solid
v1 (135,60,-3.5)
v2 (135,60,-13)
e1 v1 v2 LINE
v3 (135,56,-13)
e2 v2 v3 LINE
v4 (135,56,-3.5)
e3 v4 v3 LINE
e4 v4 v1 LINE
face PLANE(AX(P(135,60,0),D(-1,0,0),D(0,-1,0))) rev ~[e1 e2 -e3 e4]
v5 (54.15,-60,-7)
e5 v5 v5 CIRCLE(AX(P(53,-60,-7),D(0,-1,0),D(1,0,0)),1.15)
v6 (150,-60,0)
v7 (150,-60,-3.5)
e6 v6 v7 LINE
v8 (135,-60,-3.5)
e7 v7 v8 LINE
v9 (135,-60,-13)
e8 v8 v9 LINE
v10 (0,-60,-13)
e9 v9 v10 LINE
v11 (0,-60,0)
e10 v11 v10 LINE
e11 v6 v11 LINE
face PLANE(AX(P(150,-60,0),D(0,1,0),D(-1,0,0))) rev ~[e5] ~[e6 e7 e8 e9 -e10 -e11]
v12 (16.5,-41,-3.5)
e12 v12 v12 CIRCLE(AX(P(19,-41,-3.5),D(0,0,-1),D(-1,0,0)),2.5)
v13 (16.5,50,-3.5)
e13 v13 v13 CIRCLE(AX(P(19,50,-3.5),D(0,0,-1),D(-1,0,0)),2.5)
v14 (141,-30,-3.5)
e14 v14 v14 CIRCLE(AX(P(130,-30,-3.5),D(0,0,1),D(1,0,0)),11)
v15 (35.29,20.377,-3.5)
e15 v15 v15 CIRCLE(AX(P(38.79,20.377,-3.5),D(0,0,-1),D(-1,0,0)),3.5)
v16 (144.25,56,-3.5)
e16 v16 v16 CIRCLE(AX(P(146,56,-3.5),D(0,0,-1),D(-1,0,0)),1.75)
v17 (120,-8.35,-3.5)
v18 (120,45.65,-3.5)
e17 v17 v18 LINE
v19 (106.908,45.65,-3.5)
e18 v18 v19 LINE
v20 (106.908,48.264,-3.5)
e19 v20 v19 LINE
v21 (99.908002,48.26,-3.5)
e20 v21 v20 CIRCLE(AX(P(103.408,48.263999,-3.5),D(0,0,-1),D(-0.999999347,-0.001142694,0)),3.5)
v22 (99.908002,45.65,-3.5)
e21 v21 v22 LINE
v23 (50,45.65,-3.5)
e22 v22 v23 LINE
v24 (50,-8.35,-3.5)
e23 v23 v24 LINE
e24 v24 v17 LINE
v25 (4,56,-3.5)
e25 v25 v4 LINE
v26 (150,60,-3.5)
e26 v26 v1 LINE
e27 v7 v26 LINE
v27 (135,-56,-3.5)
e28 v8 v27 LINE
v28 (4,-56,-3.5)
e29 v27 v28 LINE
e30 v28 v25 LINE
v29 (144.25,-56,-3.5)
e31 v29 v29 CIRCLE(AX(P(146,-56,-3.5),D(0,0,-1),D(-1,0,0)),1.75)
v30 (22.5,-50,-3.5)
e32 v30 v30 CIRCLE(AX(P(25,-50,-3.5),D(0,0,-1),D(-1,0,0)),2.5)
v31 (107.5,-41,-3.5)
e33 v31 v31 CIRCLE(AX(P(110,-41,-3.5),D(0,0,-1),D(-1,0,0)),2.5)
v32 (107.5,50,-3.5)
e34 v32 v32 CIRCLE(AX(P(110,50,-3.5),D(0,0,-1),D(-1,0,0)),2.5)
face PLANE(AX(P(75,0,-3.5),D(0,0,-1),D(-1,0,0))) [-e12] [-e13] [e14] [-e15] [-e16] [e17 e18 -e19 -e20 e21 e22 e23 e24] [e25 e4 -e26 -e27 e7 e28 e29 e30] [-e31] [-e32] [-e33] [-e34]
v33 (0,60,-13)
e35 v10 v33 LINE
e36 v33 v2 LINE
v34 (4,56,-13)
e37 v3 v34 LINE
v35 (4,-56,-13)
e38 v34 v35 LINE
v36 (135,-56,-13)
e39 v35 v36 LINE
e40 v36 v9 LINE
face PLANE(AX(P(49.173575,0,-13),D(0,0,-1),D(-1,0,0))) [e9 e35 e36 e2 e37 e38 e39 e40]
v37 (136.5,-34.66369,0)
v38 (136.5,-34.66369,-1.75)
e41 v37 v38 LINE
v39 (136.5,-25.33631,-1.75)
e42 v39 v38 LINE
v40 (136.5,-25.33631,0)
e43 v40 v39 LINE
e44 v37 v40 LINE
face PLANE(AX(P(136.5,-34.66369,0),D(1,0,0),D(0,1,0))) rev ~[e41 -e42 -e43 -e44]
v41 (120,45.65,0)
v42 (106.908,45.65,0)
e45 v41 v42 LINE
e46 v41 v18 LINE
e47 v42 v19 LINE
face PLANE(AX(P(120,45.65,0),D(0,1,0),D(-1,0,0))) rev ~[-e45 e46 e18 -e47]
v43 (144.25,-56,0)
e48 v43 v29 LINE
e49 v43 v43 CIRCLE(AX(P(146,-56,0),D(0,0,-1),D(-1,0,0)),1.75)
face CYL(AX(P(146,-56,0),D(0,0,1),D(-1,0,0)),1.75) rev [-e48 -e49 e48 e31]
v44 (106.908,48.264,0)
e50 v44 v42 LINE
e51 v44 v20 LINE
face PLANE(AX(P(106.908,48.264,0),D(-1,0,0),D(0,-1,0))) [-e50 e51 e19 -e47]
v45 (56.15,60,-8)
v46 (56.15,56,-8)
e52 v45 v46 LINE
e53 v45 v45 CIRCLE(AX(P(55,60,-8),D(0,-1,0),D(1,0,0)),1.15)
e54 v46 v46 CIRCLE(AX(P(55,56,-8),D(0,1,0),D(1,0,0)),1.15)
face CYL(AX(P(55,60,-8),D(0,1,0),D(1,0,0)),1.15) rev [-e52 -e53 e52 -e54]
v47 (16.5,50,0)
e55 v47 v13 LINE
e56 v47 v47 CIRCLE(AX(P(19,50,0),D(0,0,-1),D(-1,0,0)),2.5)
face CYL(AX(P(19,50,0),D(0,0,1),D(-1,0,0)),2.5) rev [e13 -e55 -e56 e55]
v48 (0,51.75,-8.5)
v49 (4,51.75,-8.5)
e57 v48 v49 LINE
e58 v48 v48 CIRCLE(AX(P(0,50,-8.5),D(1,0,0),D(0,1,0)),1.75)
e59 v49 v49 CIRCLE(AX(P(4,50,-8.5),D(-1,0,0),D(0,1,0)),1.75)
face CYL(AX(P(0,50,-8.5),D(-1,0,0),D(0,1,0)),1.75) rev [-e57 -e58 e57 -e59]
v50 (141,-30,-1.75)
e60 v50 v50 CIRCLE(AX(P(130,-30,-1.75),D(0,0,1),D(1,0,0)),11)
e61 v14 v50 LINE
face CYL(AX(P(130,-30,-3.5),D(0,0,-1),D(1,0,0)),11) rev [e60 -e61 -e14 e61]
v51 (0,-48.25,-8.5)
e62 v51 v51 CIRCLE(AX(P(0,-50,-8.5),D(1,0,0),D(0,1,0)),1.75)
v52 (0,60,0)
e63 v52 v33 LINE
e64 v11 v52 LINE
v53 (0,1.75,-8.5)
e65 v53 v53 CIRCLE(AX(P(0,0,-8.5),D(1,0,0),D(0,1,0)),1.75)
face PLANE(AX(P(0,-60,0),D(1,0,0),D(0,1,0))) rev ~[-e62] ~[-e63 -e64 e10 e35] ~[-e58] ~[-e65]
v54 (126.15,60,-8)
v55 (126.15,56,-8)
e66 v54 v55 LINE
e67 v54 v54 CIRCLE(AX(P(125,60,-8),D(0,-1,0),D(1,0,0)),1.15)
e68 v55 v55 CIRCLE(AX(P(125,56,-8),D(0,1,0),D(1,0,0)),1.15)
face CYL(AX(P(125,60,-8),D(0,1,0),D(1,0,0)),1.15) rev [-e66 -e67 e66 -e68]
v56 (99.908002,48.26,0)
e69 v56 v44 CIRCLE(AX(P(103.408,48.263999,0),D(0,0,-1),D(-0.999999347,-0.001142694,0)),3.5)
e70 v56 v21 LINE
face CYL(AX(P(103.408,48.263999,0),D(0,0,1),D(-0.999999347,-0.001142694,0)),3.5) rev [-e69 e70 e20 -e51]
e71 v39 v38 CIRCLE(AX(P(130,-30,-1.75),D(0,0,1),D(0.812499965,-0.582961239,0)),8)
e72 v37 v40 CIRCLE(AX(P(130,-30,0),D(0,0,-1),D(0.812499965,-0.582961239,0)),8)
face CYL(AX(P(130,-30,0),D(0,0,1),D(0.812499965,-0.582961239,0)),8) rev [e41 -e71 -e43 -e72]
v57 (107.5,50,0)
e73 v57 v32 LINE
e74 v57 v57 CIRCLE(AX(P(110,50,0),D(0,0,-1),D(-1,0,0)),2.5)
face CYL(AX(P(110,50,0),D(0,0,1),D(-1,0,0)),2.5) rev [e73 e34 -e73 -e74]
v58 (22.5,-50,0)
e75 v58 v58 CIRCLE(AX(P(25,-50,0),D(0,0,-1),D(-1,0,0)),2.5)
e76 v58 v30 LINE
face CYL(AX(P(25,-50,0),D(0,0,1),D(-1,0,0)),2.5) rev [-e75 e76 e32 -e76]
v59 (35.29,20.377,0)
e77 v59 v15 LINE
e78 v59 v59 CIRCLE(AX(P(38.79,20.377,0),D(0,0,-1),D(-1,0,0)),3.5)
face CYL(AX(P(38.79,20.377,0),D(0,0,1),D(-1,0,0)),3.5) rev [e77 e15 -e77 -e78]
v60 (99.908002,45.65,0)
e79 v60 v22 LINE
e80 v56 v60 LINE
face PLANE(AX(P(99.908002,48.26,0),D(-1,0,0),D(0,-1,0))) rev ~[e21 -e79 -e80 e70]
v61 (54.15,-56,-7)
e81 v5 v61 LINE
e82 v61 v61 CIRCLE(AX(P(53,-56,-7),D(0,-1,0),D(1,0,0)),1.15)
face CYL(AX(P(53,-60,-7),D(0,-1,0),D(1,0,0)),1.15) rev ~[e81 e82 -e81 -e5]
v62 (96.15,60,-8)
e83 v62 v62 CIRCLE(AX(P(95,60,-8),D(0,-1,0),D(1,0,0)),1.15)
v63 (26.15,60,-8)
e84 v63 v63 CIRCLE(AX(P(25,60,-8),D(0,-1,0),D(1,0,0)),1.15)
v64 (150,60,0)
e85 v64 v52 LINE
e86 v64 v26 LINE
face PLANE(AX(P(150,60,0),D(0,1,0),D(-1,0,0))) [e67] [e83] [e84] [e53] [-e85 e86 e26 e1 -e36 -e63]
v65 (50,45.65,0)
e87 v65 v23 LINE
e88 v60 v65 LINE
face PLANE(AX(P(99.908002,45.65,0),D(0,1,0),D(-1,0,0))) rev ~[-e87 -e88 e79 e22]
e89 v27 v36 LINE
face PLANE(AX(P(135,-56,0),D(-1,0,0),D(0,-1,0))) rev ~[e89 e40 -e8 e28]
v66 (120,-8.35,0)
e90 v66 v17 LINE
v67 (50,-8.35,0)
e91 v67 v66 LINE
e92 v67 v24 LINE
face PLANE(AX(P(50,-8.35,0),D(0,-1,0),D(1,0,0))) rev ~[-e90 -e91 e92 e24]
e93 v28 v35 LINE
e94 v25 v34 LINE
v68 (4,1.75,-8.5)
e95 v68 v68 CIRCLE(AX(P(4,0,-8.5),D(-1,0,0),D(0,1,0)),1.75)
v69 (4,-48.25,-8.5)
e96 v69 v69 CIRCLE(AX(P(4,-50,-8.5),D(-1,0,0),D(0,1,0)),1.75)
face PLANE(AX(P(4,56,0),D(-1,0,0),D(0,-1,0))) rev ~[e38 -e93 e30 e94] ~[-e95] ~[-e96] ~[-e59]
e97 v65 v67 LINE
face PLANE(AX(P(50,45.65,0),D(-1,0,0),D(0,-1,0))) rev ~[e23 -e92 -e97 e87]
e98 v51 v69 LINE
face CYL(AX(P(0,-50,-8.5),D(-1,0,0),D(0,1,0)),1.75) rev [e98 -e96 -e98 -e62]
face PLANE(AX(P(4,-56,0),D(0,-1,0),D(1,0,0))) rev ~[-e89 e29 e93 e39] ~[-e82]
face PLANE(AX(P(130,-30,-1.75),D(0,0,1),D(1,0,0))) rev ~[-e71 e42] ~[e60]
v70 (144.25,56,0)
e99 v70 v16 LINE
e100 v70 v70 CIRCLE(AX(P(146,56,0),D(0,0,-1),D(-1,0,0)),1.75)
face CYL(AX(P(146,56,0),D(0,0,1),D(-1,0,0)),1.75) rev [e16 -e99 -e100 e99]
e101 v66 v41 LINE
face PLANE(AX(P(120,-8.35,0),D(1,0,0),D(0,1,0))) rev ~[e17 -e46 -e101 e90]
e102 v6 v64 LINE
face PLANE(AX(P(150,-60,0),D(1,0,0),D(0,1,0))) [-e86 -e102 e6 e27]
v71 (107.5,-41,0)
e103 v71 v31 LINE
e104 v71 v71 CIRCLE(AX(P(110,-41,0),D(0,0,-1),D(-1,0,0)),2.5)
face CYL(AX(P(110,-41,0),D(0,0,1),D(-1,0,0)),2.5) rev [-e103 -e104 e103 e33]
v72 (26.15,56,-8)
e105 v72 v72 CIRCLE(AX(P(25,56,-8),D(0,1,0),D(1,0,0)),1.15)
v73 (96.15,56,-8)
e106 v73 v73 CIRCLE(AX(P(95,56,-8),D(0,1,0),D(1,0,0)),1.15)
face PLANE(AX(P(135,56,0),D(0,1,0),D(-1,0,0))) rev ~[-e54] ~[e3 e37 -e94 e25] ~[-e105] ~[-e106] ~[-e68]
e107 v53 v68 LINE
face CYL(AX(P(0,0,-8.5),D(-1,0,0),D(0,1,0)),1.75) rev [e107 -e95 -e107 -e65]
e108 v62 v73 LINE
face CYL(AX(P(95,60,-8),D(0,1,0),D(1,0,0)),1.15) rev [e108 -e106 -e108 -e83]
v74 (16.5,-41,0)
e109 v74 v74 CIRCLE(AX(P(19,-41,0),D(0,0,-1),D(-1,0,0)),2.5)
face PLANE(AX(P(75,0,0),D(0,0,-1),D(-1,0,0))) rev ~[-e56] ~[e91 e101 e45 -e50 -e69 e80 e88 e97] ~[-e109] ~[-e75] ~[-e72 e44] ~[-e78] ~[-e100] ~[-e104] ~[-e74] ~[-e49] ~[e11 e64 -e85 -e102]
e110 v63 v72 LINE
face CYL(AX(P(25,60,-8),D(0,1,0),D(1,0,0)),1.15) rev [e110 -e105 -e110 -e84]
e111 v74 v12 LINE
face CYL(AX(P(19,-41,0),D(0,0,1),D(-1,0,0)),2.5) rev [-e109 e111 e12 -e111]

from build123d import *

# Parameters (mm, degrees)
COPYSKETCH010_W   = 150
COPYSKETCH010_H   = 120
COPYSKETCH010_R   = 2.5
COPYSKETCH010_R_2 = 3.5
COPYSKETCH010_R_3 = 1.75
PAD_DEPTH         = 3.5
PAD001_DEPTH      = 13
SKETCH001_R       = 1.75
POCKET_DEPTH      = 5
SKETCH002_R       = 1.15
POCKET001_DEPTH   = 5
SKETCH003_R       = 1.15
POCKET002_DEPTH   = 5
SKETCH004_R       = 11
POCKET003_DEPTH   = 1.75


with BuildPart() as part:
    # CopySketch010 → Pad (new body)
    with BuildSketch(Plane(origin=(0, 0, 0), x_dir=(-1, 0, 0), z_dir=(0, 0, -1))):
        with Locations((-75, 0)):
            Rectangle(COPYSKETCH010_W, COPYSKETCH010_H)
        with Locations((-110, 50)):
            Circle(COPYSKETCH010_R, mode=Mode.SUBTRACT)
        with Locations((-110, -41)):
            Circle(COPYSKETCH010_R, mode=Mode.SUBTRACT)
        with Locations((-19, -41)):
            Circle(COPYSKETCH010_R, mode=Mode.SUBTRACT)
        with Locations((-19, 50)):
            Circle(COPYSKETCH010_R, mode=Mode.SUBTRACT)
        with Locations((-38.79, 20.377)):
            Circle(COPYSKETCH010_R_2, mode=Mode.SUBTRACT)
        with Locations((-146, 56)):
            Circle(COPYSKETCH010_R_3, mode=Mode.SUBTRACT)
        with Locations((-146, -56)):
            Circle(COPYSKETCH010_R_3, mode=Mode.SUBTRACT)
        with Locations((-25, -50)):
            Circle(COPYSKETCH010_R, mode=Mode.SUBTRACT)
        with BuildLine():
            Line((-50, -8.35), (-120, -8.35))
            Line((-120, -8.35), (-120, 45.65))
            Line((-120, 45.65), (-106.908, 45.65))
            Line((-106.908, 48.264), (-106.908, 45.65))
            ThreePointArc((-99.908002, 48.26), (-103.406, 51.763999), (-106.908, 48.264))
            Line((-99.908002, 48.26), (-99.908002, 45.65))
            Line((-99.908002, 45.65), (-50, 45.65))
            Line((-50, 45.65), (-50, -8.35))
        make_face(mode=Mode.SUBTRACT)
        with BuildLine():
            ThreePointArc((-136.5, -34.66369), (-122, -30), (-136.5, -25.33631))
            Line((-136.5, -34.66369), (-136.5, -25.33631))
        make_face(mode=Mode.SUBTRACT)
    extrude(amount=PAD_DEPTH)

    # Sketch (on Face23 of Pad) → Pad001 (join)
    with BuildSketch(Plane.XY):
        Polygon((135, 60), (135, 56), (4, 56), (4, -56), (135, -56), (135, -60), (0, -60), (0, 60), align=None)
    extrude(amount=-PAD001_DEPTH)

    # Sketch001 → Pocket (cut)
    with BuildSketch(Plane.YZ):
        with Locations((0, -8.5)):
            Circle(SKETCH001_R)
        with Locations((50, -8.5)):
            Circle(SKETCH001_R)
        with Locations((-50, -8.5)):
            Circle(SKETCH001_R)
    extrude(amount=POCKET_DEPTH, mode=Mode.SUBTRACT)

    # Sketch002 → Pocket001 (cut)
    with BuildSketch(Plane.XZ.offset(60)):
        with Locations((53, -7)):
            Circle(SKETCH002_R)
    extrude(amount=-POCKET001_DEPTH, mode=Mode.SUBTRACT)

    # Sketch003 → Pocket002 (cut)
    with BuildSketch(Plane.XZ.offset(-60)):
        with Locations((25, -8)):
            Circle(SKETCH003_R)
        with Locations((125, -8)):
            Circle(SKETCH003_R)
        with Locations((95, -8)):
            Circle(SKETCH003_R)
        with Locations((55, -8)):
            Circle(SKETCH003_R)
    extrude(amount=POCKET002_DEPTH, mode=Mode.SUBTRACT)

    # Sketch004 → Pocket003 (cut)
    with BuildSketch(Plane.XY.offset(-3.5)):
        with Locations((130, -30)):
            Circle(SKETCH004_R)
    extrude(amount=POCKET003_DEPTH, mode=Mode.SUBTRACT)


solid = part.part
